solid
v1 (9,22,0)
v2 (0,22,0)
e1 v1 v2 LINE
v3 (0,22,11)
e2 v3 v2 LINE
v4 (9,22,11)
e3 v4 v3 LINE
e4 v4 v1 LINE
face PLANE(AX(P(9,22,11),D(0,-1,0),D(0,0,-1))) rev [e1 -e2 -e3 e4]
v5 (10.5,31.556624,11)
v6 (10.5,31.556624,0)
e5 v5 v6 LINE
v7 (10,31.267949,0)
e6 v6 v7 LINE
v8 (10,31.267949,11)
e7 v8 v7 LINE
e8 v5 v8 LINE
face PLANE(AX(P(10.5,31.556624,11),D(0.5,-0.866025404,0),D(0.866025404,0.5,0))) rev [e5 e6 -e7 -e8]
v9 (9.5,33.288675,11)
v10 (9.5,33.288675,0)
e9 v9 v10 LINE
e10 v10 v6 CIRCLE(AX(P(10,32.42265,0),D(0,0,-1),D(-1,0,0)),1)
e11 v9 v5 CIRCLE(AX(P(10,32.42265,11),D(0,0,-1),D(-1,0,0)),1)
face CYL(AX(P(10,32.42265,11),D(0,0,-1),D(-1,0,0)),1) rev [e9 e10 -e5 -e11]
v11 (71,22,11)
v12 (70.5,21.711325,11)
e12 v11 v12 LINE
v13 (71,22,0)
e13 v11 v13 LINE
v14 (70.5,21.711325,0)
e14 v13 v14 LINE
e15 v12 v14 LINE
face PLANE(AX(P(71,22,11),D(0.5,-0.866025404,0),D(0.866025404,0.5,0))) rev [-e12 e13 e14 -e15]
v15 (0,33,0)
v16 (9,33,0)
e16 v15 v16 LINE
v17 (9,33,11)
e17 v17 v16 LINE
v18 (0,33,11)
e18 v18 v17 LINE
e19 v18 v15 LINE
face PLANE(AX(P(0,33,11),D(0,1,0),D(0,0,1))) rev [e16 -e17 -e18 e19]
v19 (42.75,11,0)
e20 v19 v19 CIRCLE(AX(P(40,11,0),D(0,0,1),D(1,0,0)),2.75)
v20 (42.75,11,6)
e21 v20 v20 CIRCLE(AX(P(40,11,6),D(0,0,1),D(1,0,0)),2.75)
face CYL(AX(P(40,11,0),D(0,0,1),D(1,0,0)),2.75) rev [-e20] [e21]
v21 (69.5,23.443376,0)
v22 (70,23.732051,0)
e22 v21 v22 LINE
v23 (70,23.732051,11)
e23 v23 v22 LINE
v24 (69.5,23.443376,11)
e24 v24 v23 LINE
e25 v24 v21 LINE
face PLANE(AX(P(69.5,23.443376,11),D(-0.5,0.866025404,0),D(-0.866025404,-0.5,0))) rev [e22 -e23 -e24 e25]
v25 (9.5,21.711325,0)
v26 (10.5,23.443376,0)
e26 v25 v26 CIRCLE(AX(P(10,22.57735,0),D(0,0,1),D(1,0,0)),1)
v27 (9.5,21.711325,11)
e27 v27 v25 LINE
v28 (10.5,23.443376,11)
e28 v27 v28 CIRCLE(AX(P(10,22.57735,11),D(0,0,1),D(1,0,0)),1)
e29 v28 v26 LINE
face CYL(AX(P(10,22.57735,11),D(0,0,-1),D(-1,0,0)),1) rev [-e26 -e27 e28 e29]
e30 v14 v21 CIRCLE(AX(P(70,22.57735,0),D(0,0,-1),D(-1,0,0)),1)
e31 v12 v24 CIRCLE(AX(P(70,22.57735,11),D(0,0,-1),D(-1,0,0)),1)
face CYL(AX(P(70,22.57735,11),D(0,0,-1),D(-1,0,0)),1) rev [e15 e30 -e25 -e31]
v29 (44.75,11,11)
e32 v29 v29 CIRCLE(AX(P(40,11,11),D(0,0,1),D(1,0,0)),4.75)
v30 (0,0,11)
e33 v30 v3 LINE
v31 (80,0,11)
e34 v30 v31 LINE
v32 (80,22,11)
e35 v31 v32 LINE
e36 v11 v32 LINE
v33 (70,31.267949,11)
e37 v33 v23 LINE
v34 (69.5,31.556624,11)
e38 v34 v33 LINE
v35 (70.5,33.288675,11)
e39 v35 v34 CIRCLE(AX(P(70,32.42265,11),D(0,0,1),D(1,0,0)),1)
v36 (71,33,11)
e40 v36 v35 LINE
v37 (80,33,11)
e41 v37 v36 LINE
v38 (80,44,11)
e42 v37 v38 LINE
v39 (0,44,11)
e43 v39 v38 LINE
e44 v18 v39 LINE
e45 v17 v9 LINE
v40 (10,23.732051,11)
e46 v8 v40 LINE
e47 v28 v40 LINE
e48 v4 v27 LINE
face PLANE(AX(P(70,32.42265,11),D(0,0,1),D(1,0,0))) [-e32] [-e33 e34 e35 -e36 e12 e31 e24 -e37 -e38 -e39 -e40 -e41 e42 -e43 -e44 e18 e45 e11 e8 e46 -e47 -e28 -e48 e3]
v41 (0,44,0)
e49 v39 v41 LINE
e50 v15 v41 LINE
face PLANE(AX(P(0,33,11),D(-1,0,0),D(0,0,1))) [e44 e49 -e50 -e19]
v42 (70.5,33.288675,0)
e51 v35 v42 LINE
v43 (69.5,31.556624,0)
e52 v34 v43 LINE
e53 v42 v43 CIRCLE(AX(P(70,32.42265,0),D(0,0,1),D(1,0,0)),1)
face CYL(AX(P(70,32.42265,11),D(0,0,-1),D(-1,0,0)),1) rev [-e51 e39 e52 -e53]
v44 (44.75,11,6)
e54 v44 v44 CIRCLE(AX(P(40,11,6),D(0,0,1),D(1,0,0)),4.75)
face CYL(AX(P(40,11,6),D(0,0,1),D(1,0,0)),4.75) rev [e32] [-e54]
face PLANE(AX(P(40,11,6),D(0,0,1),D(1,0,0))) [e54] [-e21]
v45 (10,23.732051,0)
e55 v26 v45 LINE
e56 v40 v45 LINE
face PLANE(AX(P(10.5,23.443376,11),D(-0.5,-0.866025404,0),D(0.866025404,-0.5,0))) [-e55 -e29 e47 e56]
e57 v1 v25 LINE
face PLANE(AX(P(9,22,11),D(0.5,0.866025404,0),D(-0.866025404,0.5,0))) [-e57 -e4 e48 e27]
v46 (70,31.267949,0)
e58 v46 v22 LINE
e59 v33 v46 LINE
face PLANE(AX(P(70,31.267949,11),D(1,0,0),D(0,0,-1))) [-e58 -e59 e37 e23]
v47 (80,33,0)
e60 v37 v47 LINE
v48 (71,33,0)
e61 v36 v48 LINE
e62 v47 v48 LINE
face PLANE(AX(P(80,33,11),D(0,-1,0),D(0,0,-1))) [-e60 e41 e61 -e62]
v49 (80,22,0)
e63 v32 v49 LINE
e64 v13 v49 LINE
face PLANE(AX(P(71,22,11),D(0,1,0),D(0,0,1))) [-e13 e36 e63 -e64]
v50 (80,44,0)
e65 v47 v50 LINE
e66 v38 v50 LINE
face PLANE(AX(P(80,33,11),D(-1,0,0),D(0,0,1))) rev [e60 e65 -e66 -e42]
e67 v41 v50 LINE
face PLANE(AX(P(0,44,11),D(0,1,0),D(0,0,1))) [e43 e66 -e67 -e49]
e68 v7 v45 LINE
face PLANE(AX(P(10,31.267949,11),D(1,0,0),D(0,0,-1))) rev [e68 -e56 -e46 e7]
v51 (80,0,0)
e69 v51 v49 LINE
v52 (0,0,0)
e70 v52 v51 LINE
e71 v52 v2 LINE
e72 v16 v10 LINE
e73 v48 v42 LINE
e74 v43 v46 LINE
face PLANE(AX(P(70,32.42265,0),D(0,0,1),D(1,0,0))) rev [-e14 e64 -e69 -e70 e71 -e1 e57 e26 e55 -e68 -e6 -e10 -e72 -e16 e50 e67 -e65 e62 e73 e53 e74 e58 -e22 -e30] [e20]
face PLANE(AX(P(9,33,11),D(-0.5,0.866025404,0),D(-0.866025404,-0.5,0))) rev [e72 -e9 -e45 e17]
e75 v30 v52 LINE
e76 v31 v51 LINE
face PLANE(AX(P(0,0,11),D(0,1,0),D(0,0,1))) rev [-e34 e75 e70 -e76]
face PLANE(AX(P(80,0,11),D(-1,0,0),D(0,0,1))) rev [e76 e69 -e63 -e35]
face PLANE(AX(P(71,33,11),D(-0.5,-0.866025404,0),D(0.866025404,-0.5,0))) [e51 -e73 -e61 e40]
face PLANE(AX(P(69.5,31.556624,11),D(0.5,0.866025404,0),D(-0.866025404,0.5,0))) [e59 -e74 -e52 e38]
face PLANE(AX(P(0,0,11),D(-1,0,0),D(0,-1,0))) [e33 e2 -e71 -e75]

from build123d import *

# Parameters (mm, degrees)
BOSS_EXTRUDE1_DEPTH = 11
SKETCH2_R           = 4.75
CUT_EXTRUDE1_DEPTH  = 5
CUT_EXTRUDE2_START  = -5
SKETCH2_3_R         = 2.75
CUT_EXTRUDE2_DEPTH  = 87.961948653


with BuildPart() as part:
    # Profile → Boss-Extrude1 (new body)
    with BuildSketch(Plane.XY):
        with BuildLine():
            Line((0, 33), (9, 33))
            Line((9, 33), (9.5, 33.288675135))
            ThreePointArc((9.5, 33.288675135), (10.866025404, 32.922649731), (10.5, 31.556624327))
            Line((10.5, 31.556624327), (10, 31.267949192))
            Line((10, 31.267949192), (10, 23.732050808))
            Line((10, 23.732050808), (10.5, 23.443375673))
            ThreePointArc((10.5, 23.443375673), (10.866025404, 22.077350269), (9.5, 21.711324865))
            Line((9.5, 21.711324865), (9, 22))
            Line((9, 22), (0, 22))
            Line((0, 22), (0, 0))
            Line((0, 0), (80, 0))
            Line((80, 0), (80, 22))
            Line((80, 22), (71, 22))
            Line((71, 22), (70.5, 21.711324865))
            ThreePointArc((70.5, 21.711324865), (69.133974596, 22.077350269), (69.5, 23.443375673))
            Line((69.5, 23.443375673), (70, 23.732050808))
            Line((70, 23.732050808), (70, 31.267949192))
            Line((70, 31.267949192), (69.5, 31.556624327))
            ThreePointArc((69.5, 31.556624327), (69.133974596, 32.922649731), (70.5, 33.288675135))
            Line((70.5, 33.288675135), (71, 33))
            Line((71, 33), (80, 33))
            Line((80, 33), (80, 44))
            Line((80, 44), (0, 44))
            Line((0, 44), (0, 33))
        make_face()
    extrude(amount=BOSS_EXTRUDE1_DEPTH)

    # Sketch2 → Cut-Extrude1 (cut)
    with BuildSketch(Plane.XY.offset(11)):
        with Locations((40, 11)):
            Circle(SKETCH2_R)
    extrude(amount=-CUT_EXTRUDE1_DEPTH, mode=Mode.SUBTRACT)

    # Sketch2<3> → Cut-Extrude2 (cut, through all)
    with BuildSketch(Plane.XY.offset(11).offset(CUT_EXTRUDE2_START)):
        with Locations((40, 11)):
            Circle(SKETCH2_3_R)
    extrude(amount=-CUT_EXTRUDE2_DEPTH, mode=Mode.SUBTRACT)


solid = part.part
